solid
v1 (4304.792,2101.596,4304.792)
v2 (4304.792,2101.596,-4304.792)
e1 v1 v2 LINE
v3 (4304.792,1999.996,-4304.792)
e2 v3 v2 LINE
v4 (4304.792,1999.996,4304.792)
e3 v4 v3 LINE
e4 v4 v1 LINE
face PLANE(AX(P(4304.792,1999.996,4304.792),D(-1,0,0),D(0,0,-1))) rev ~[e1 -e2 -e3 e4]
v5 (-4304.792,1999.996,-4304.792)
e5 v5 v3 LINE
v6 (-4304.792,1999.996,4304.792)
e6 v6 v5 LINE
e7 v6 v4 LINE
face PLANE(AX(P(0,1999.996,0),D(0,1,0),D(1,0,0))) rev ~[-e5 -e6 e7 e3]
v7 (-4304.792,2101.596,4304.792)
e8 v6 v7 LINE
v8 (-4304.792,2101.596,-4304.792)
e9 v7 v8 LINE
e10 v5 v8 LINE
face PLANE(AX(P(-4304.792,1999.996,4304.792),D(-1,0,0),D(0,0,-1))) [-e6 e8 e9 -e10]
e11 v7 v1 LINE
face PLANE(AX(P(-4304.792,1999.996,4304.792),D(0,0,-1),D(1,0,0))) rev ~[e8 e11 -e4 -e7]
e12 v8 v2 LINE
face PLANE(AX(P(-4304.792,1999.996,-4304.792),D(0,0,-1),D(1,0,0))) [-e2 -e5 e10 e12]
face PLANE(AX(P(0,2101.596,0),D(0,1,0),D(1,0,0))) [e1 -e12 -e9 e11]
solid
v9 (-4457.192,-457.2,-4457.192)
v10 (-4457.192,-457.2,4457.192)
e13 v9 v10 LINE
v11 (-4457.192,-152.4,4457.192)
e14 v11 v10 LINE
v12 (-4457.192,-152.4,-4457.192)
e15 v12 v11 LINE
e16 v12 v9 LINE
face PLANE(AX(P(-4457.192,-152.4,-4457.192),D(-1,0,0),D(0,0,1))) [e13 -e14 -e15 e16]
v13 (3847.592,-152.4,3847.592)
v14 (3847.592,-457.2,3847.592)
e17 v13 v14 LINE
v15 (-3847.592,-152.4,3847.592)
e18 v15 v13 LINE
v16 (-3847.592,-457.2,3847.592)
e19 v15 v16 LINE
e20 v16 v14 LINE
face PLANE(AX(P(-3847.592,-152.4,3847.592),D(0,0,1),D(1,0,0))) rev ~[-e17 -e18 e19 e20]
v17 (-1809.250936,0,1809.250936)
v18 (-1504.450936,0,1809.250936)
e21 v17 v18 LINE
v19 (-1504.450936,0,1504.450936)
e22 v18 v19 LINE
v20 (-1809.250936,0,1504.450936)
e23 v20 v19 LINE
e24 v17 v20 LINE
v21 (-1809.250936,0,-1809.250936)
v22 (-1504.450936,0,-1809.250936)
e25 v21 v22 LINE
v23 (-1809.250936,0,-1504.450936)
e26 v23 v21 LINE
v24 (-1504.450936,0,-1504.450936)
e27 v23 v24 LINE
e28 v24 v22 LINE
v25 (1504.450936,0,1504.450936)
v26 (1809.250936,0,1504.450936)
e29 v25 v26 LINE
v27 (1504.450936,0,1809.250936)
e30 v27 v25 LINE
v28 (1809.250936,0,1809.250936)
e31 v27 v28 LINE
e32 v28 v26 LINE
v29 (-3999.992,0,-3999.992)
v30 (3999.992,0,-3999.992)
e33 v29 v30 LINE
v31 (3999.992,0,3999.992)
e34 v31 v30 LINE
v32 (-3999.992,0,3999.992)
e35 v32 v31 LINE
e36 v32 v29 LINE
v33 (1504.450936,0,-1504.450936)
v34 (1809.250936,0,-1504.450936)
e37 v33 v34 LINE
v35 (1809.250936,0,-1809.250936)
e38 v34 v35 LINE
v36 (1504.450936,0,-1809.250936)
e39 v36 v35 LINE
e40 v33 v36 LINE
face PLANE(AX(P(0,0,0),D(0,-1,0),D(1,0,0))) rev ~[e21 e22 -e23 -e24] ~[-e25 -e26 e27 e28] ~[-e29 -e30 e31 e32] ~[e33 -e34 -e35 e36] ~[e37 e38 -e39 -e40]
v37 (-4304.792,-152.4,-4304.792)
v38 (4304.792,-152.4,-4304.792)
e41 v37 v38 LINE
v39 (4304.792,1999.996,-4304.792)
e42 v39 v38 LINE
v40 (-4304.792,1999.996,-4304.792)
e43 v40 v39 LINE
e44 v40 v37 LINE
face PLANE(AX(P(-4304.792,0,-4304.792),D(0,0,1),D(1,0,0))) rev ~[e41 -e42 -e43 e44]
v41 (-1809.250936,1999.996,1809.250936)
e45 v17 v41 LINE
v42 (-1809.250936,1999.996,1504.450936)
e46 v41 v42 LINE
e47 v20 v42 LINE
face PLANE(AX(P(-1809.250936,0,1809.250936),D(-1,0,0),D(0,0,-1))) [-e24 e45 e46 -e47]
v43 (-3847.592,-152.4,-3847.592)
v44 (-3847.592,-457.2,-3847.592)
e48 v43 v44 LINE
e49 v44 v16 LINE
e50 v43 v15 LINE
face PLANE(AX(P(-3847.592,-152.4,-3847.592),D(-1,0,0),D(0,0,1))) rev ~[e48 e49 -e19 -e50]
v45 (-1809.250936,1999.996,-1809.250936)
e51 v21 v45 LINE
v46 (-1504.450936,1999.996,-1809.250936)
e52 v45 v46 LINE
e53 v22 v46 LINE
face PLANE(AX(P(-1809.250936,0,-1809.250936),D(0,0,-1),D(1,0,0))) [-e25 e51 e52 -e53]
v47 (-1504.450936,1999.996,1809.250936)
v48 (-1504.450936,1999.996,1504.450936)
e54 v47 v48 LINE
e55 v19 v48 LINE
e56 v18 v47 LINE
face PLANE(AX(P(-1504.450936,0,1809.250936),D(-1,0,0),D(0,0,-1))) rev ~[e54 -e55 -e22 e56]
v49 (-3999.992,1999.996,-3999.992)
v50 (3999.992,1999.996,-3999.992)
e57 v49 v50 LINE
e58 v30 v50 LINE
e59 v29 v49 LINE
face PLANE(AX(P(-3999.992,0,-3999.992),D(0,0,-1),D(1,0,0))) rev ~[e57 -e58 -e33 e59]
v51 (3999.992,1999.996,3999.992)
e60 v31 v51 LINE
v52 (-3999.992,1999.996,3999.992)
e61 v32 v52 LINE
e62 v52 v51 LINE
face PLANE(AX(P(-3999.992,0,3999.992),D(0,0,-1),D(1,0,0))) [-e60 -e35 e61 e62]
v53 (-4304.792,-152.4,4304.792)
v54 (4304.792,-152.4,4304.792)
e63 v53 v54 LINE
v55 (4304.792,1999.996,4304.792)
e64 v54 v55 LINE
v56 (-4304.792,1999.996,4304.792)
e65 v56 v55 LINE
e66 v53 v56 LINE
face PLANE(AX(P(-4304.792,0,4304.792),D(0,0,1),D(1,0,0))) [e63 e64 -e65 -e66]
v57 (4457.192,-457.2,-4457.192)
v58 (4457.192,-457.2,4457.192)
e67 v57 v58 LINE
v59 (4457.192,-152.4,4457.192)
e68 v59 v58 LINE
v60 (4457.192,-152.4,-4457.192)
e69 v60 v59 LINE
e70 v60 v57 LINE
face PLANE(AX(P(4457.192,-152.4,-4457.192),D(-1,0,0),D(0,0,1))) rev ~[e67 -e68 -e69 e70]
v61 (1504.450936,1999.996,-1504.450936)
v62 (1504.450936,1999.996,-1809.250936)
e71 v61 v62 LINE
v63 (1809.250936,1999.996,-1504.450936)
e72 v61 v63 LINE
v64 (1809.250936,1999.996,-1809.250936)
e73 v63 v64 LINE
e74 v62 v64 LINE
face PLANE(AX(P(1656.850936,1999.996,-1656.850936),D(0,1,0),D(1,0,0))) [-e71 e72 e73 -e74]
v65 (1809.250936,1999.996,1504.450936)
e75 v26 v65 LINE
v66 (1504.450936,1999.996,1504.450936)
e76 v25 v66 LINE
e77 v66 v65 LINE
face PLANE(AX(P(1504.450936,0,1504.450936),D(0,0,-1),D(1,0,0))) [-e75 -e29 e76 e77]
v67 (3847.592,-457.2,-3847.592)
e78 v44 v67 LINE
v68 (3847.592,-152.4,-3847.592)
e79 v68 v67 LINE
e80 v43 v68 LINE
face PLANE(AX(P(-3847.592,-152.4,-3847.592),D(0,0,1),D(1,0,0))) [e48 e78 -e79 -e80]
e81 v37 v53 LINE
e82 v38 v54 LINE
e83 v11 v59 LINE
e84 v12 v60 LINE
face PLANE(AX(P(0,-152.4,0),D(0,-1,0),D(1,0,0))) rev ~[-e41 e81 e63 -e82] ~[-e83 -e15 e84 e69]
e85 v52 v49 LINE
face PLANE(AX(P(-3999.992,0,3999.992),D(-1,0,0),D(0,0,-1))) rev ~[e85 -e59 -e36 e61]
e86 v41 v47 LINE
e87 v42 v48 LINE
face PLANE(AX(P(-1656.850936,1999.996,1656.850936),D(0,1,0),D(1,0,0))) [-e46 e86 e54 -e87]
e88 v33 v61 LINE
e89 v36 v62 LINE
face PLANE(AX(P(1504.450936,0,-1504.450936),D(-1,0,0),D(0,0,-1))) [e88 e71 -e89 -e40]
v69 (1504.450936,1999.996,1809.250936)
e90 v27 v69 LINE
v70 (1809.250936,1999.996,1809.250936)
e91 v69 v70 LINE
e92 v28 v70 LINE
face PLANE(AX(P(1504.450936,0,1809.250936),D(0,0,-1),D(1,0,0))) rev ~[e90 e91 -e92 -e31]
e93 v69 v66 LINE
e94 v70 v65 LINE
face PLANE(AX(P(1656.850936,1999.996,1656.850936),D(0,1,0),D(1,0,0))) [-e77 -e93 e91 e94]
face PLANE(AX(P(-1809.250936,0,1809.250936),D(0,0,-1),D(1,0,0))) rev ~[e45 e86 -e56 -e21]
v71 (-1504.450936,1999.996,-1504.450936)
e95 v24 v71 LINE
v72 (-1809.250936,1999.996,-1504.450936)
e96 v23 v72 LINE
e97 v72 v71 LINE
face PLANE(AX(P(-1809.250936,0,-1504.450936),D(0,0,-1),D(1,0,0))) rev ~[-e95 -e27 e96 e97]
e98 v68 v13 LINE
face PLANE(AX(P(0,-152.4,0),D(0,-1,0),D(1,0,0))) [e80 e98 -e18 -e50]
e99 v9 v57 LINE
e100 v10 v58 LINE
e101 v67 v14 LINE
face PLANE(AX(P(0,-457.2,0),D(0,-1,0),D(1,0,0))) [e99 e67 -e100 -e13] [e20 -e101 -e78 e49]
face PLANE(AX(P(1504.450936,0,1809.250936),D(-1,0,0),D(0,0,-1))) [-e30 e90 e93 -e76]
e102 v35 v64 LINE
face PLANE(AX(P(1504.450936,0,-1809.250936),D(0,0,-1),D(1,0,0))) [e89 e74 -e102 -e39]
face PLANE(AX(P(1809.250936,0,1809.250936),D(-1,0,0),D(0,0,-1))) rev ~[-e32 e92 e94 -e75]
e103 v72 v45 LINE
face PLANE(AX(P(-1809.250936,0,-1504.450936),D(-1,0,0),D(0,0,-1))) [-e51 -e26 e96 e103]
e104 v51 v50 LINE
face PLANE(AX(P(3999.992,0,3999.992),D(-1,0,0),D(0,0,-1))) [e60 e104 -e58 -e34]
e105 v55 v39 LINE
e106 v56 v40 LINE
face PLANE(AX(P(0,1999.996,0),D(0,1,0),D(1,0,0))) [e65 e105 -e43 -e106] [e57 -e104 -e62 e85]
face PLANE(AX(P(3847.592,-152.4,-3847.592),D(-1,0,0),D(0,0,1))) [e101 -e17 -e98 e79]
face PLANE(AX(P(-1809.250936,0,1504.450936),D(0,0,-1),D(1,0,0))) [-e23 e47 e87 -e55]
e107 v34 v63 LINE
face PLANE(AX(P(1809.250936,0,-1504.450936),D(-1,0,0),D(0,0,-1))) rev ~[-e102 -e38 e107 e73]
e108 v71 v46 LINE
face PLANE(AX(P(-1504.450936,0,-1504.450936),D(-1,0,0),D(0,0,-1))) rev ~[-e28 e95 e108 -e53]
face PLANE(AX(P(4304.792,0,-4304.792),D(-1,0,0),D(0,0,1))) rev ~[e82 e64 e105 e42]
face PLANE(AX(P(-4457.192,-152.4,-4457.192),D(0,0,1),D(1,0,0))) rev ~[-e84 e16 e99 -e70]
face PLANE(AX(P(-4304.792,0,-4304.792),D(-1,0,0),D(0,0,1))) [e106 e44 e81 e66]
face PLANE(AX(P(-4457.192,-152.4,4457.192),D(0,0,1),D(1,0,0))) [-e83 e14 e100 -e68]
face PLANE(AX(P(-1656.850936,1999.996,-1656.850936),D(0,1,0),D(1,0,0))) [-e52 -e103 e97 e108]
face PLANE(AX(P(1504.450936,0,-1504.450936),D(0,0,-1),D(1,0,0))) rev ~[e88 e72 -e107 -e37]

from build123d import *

# Parameters (mm, degrees)
SKETCH2_W           = 8609.584
SKETCH2_H           = 8609.584
SKETCH2_W_2         = 7999.984
SKETCH2_H_2         = 7999.984
BOSS_EXTRUDE1_DEPTH = 1999.996
SKETCH3_W           = 8609.584
SKETCH3_H           = 8609.584
BOSS_EXTRUDE2_DEPTH = 152.4
SKETCH4_W           = 8914.384
SKETCH4_H           = 8914.384
SKETCH4_W_2         = 7695.184
SKETCH4_H_2         = 7695.184
BOSS_EXTRUDE3_DEPTH = 304.8
SKETCH6_W           = 304.8
SKETCH6_H           = 304.8
BOSS_EXTRUDE5_DEPTH = 1999.996
SKETCH7_W           = 8609.584
SKETCH7_H           = 8609.584
BOSS_EXTRUDE6_DEPTH = 101.6


with BuildPart() as part:
    # Sketch2 → Boss-Extrude1 (new body)
    with BuildSketch(Plane(origin=(0, 0, 0), x_dir=(1, 0, 0), z_dir=(0, 1, 0))):
        Rectangle(SKETCH2_W, SKETCH2_H)
        Rectangle(SKETCH2_W_2, SKETCH2_H_2, mode=Mode.SUBTRACT)
    extrude(amount=BOSS_EXTRUDE1_DEPTH)

    # Sketch3 → Boss-Extrude2 (add)
    with BuildSketch(Plane.XZ):
        Rectangle(SKETCH3_W, SKETCH3_H)
    extrude(amount=BOSS_EXTRUDE2_DEPTH)

    # Sketch4 → Boss-Extrude3 (add)
    with BuildSketch(Plane.XZ.offset(152.4)):
        Rectangle(SKETCH4_W, SKETCH4_H)
        Rectangle(SKETCH4_W_2, SKETCH4_H_2, mode=Mode.SUBTRACT)
    extrude(amount=BOSS_EXTRUDE3_DEPTH)

    # Sketch6 → Boss-Extrude5 (add)
    with BuildSketch(Plane(origin=(0, 0, 0), x_dir=(1, 0, 0), z_dir=(0, 1, 0))):
        with Locations((1656.850935784, 1656.850935784)):
            Rectangle(SKETCH6_W, SKETCH6_H)
        with Locations((-1656.850935784, 1656.850935784)):
            Rectangle(SKETCH6_W, SKETCH6_H)
        with Locations((1656.850935784, -1656.850935784)):
            Rectangle(SKETCH6_W, SKETCH6_H)
        with Locations((-1656.850935784, -1656.850935784)):
            Rectangle(SKETCH6_W, SKETCH6_H)
    extrude(amount=BOSS_EXTRUDE5_DEPTH)


with BuildPart() as body_2:
    # Sketch7 → Boss-Extrude6 (new body)
    with BuildSketch(Plane(origin=(0, 1999.996, 0), x_dir=(1, 0, 0), z_dir=(0, 1, 0))):
        Rectangle(SKETCH7_W, SKETCH7_H)
    extrude(amount=BOSS_EXTRUDE6_DEPTH)


solid = Compound([part.part, body_2.part])
